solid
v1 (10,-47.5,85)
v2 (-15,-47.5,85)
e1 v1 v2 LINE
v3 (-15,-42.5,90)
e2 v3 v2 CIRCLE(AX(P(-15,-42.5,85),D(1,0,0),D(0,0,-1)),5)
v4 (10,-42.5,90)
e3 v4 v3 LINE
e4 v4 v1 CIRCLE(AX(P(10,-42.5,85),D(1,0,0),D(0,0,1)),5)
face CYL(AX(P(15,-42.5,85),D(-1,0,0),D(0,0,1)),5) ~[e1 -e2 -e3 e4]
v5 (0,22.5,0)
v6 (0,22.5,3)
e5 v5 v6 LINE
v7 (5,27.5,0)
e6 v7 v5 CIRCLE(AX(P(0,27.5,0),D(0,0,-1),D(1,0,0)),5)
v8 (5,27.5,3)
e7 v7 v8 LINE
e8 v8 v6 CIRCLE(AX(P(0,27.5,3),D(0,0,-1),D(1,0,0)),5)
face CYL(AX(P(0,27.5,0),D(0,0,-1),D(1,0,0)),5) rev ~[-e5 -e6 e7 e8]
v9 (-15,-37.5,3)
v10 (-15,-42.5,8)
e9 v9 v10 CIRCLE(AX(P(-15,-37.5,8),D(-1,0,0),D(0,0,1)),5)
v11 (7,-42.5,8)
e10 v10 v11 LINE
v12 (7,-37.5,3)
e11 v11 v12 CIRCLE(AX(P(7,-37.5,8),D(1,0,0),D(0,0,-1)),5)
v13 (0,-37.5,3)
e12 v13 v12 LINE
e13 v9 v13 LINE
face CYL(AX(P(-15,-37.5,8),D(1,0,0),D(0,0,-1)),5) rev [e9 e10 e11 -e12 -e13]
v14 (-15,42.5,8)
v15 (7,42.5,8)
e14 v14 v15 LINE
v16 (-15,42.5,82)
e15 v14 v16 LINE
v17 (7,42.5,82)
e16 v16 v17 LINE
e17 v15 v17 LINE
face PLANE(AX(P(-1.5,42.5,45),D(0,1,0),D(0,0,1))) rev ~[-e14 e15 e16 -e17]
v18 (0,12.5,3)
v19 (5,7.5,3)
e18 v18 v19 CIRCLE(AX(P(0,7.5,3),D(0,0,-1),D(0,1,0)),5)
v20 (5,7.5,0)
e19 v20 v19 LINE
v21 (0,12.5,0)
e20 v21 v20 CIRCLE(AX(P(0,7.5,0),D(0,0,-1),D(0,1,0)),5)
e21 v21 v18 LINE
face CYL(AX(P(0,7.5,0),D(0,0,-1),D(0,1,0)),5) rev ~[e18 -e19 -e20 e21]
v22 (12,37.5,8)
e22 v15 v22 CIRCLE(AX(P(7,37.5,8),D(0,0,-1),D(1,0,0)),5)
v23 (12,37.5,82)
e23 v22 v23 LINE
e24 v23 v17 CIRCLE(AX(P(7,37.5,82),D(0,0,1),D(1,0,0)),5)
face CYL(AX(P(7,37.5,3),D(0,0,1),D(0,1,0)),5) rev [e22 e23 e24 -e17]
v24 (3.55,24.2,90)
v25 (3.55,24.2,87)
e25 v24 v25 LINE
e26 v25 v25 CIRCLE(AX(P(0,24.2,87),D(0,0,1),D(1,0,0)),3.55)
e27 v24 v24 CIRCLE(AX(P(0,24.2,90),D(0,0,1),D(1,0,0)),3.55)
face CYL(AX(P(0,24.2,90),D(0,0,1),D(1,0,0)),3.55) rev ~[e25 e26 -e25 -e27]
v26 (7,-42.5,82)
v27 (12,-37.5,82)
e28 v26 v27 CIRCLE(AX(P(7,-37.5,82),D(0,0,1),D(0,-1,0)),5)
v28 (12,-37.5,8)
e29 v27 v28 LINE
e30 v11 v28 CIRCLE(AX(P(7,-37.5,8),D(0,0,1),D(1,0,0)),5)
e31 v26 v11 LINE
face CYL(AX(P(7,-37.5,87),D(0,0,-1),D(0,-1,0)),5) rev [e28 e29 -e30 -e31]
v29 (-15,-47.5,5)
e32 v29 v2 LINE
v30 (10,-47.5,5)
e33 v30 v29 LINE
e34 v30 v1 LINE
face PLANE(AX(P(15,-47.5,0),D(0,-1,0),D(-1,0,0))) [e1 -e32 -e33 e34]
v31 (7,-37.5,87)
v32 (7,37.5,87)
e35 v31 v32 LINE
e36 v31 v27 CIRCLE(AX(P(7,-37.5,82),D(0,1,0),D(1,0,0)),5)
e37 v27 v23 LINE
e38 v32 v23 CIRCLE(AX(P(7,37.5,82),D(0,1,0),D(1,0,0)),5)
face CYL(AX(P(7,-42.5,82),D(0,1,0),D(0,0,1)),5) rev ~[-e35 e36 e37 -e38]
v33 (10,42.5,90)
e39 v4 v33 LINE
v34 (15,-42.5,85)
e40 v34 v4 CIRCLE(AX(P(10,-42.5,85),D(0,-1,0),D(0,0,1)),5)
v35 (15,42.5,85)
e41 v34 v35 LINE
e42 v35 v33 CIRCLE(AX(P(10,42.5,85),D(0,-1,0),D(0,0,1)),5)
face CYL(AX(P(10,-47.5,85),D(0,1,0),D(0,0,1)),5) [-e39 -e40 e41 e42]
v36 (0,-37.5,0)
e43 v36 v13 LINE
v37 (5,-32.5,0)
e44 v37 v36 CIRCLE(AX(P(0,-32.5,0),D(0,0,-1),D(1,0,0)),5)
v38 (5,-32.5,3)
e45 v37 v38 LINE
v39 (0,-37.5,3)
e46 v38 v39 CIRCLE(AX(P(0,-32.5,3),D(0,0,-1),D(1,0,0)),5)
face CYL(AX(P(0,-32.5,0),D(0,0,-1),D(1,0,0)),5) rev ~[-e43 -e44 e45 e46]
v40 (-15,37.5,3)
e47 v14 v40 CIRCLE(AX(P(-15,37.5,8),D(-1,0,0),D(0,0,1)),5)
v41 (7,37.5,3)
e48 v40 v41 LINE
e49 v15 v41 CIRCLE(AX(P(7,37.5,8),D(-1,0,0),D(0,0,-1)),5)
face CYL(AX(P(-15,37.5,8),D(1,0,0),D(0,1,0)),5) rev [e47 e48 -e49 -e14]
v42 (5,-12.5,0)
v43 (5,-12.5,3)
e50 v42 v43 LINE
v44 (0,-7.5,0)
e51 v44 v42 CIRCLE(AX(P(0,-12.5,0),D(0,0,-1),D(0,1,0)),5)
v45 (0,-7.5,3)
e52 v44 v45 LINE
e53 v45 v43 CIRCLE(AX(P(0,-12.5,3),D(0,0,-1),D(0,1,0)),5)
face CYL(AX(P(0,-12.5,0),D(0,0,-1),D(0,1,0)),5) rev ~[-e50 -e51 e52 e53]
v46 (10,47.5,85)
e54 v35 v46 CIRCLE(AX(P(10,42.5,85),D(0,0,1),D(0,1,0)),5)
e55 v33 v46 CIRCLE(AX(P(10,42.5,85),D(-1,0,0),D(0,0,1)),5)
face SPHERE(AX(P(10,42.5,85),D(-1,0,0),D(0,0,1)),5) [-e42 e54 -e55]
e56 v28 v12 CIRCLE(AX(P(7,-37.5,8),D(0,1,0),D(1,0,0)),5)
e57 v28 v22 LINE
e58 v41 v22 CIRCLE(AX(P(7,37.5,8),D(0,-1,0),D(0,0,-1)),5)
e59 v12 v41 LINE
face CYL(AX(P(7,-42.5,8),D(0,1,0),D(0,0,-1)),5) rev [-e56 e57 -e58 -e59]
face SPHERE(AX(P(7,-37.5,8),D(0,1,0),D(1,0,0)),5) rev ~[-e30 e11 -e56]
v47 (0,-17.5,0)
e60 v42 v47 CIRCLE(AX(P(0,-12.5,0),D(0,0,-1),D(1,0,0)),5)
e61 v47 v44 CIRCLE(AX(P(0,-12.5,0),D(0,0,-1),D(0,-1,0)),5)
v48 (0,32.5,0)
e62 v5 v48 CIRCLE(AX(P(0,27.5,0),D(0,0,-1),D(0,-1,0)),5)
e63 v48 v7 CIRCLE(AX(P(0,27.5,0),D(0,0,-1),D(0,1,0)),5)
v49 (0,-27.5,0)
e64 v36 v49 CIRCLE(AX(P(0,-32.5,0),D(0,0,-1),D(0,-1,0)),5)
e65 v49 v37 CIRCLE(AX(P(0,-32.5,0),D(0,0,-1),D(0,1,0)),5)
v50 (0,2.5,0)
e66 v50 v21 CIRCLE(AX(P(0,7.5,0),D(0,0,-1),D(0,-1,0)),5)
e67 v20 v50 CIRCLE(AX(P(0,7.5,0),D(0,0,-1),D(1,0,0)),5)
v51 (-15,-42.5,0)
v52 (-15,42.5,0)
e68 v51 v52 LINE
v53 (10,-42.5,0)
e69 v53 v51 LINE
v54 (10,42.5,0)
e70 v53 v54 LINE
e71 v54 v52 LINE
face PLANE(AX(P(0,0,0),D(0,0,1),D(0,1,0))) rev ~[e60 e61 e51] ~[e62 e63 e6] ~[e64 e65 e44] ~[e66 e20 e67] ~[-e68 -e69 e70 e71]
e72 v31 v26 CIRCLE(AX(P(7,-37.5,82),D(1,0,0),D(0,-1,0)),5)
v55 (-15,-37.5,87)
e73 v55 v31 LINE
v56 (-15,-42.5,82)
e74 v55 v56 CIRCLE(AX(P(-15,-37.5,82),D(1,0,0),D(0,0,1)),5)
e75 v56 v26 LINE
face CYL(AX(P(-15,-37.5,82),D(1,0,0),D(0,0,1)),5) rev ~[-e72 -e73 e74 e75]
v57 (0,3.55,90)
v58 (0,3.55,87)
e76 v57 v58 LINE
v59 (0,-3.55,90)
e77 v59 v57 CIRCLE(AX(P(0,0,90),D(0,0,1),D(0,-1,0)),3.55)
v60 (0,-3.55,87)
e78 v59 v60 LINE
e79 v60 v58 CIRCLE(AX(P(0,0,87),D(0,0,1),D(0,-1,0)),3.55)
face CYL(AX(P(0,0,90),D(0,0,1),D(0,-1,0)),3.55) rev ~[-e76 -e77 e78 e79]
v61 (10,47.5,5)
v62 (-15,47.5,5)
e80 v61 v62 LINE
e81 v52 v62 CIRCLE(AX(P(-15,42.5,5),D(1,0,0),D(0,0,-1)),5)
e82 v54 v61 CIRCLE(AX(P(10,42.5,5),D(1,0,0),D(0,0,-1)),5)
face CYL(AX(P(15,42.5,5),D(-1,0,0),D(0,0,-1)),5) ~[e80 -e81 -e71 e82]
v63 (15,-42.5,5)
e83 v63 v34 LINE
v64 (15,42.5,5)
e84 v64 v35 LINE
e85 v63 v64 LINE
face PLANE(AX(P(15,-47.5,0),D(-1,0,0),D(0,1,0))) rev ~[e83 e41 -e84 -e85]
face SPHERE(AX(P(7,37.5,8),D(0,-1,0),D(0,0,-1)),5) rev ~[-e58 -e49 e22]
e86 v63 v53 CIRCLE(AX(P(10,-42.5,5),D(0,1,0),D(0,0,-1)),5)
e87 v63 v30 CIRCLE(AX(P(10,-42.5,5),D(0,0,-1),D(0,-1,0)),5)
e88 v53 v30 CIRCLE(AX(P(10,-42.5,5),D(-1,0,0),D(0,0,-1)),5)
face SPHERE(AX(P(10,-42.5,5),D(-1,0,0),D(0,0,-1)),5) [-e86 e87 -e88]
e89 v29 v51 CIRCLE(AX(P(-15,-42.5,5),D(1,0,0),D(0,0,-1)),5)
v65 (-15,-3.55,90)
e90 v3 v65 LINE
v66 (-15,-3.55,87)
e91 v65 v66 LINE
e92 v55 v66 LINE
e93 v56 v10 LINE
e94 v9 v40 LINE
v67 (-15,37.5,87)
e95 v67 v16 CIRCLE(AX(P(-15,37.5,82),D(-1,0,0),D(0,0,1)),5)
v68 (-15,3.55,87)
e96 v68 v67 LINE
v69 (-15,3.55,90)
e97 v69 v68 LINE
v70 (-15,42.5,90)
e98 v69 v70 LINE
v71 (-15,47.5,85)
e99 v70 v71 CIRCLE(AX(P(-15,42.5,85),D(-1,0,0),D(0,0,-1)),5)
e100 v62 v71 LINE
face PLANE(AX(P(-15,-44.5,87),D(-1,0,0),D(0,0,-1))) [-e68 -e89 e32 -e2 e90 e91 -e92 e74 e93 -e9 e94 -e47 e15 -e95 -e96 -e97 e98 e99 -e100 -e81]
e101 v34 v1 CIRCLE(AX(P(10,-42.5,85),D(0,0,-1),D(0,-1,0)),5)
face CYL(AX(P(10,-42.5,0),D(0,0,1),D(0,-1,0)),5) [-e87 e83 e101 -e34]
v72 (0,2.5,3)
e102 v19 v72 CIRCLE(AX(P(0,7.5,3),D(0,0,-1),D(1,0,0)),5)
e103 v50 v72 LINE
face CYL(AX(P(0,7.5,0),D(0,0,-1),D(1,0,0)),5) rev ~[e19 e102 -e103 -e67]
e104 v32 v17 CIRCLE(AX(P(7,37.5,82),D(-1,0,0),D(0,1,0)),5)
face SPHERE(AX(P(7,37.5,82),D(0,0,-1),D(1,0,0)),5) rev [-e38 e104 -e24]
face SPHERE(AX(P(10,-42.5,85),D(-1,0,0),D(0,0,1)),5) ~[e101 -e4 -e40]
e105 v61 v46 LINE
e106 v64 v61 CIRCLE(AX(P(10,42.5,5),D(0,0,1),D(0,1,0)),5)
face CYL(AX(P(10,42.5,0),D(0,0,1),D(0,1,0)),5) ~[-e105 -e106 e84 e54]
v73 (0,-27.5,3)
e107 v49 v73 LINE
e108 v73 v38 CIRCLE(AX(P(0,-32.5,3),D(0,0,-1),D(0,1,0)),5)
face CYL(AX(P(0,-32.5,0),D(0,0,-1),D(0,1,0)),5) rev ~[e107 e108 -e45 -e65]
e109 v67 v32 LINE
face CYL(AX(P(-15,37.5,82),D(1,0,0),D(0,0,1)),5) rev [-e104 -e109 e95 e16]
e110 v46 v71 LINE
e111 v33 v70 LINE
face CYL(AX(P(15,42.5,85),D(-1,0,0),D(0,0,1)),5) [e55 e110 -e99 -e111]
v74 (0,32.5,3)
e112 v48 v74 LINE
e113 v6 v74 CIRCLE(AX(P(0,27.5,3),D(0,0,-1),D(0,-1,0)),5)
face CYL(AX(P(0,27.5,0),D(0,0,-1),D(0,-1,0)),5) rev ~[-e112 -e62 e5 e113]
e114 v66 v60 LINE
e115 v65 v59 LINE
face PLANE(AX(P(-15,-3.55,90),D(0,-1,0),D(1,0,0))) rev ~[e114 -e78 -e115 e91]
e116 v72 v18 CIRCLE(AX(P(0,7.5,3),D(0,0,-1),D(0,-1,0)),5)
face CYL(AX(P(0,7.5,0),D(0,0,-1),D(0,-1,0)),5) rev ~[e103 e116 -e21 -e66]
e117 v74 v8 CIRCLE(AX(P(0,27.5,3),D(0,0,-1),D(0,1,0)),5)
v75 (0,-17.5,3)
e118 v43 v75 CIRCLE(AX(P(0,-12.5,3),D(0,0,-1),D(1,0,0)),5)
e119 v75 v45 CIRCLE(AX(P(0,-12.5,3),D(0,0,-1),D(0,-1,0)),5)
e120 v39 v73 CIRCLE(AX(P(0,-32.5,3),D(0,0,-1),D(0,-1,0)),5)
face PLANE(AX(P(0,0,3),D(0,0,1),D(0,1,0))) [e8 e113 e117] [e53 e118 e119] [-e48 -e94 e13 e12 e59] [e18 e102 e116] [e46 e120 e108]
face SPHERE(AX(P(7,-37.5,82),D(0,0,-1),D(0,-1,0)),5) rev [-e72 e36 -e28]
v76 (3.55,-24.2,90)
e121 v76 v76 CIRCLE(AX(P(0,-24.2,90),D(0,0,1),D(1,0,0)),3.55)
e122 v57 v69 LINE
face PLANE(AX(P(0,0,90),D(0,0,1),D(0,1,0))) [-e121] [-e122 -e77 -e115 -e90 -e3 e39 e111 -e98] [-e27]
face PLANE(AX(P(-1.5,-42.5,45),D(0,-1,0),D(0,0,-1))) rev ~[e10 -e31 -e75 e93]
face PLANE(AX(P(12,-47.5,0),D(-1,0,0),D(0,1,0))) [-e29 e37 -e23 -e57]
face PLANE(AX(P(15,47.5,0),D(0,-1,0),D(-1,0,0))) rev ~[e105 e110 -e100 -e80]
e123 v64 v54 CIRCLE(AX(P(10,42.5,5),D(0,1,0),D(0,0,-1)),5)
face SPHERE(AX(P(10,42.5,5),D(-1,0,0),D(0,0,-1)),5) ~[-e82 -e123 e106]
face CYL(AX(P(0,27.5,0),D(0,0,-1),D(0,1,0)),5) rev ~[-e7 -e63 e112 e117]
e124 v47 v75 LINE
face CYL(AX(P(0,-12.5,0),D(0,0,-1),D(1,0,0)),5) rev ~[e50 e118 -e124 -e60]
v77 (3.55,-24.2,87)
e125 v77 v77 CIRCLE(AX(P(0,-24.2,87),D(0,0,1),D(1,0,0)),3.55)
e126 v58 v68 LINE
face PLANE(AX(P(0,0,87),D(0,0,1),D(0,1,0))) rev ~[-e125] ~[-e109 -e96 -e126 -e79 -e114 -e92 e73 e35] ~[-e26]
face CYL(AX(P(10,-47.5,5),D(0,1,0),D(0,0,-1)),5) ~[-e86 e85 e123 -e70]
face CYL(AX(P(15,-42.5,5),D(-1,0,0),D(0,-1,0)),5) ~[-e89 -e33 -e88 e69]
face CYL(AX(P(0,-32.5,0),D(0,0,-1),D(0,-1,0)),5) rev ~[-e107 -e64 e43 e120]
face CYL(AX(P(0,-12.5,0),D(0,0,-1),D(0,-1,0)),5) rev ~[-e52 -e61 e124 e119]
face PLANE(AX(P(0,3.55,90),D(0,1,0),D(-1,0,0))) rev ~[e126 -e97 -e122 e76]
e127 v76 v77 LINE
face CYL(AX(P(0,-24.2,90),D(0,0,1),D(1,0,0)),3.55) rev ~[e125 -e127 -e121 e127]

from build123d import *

# Parameters (mm, degrees)
SKETCH1_W                                   = 95
SKETCH1_H                                   = 30
BOSS_EXTRUDE1_DEPTH                         = 90
F_2_MM_TOP_BOT_3_MM_SIDE_T                  = -3
F_2_MM_TOP_BOT_3_MM_SIDE_THICKNESS_2_FACE_W = 84
F_2_MM_TOP_BOT_3_MM_SIDE_THICKNESS_2_FACE_H = 27
F_2_MM_TOP_BOT_3_MM_SIDE_THICKNESS_2_DEPTH  = 2
F_2_MM_TOP_BOT_3_MM_SIDE_THICKNESS_3_FACE_W = 84
F_2_MM_TOP_BOT_3_MM_SIDE_THICKNESS_3_FACE_H = 27
F_2_MM_TOP_BOT_3_MM_SIDE_THICKNESS_3_DEPTH  = 2
SKETCH4_R                                   = 3.55
F_7_1_MM_FIXTURE_HOLES_DEPTH                = 10
F_5_MM_RADIUS_R                             = 5
CUT_EXTRUDE1_DEPTH                          = 10


with BuildPart() as part:
    # Sketch1 → Boss-Extrude1 (new body)
    with BuildSketch(Plane(origin=(0, 0, 0), x_dir=(0, 1, 0), z_dir=(0, 0, 1))):
        Rectangle(SKETCH1_W, SKETCH1_H)
    extrude(amount=BOSS_EXTRUDE1_DEPTH)

    # 2 mm top/bot 3 mm side
    f_2_mm_top_bot_3_mm_side_openings = [part.faces().sort_by_distance(p)[0] for p in [
        (-15, 0, 45),
    ]]
    offset(amount=F_2_MM_TOP_BOT_3_MM_SIDE_T, openings=f_2_mm_top_bot_3_mm_side_openings, kind=Kind.INTERSECTION)

    # 2 mm top/bot 3 mm side thickness 2 face (on inner face of the shell) → 2 mm top/bot 3 mm side thickness 2 (add)
    with BuildSketch(Plane(origin=(-1.5, 44.5, 45), x_dir=(0, 0, 1), z_dir=(0, 1, 0))):
        Rectangle(F_2_MM_TOP_BOT_3_MM_SIDE_THICKNESS_2_FACE_W, F_2_MM_TOP_BOT_3_MM_SIDE_THICKNESS_2_FACE_H)
    extrude(amount=-F_2_MM_TOP_BOT_3_MM_SIDE_THICKNESS_2_DEPTH)

    # 2 mm top/bot 3 mm side thickness 3 face (on inner face of the shell) → 2 mm top/bot 3 mm side thickness 3 (add)
    with BuildSketch(Plane(origin=(-1.5, -44.5, 45), x_dir=(0, 0, -1), z_dir=(0, -1, 0))):
        Rectangle(F_2_MM_TOP_BOT_3_MM_SIDE_THICKNESS_3_FACE_W, F_2_MM_TOP_BOT_3_MM_SIDE_THICKNESS_3_FACE_H)
    extrude(amount=-F_2_MM_TOP_BOT_3_MM_SIDE_THICKNESS_3_DEPTH)

    # Sketch4 → 7.1 mm fixture holes (cut)
    with BuildSketch(Plane.XY.offset(90)):
        with Locations((0, 24.2)):
            Circle(SKETCH4_R)
        Circle(SKETCH4_R)
        with Locations((0, -24.2)):
            Circle(SKETCH4_R)
        with BuildLine():
            ThreePointArc((0, -3.55), (-3.55, 0), (0, 3.55))
            Line((0, 3.55), (-15, 3.55))
            Line((-15, 3.55), (-15, -3.55))
            Line((-15, -3.55), (0, -3.55))
        make_face()
    extrude(amount=-F_7_1_MM_FIXTURE_HOLES_DEPTH, mode=Mode.SUBTRACT)

    # 5 mm radius
    f_5_mm_radius_edges = [part.edges().sort_by_distance(p)[0] for p in [
        (0, 47.5, 90),
        (12, 0, 3),
        (12, -42.5, 45),
        (-1.5, 42.5, 3),
        (12, 42.5, 45),
        (-1.5, -42.5, 87),
        (12, 0, 87),
        (-1.5, 42.5, 87),
        (-1.5, -42.5, 3),
        (0, -47.5, 90),
        (15, 0, 90),
        (0, -47.5, 0),
        (0, 47.5, 0),
        (15, 0, 0),
        (15, -47.5, 45),
        (15, 47.5, 45),
    ]]
    fillet(f_5_mm_radius_edges, radius=F_5_MM_RADIUS_R)

    # Sketch3 → Cut-Extrude1 (cut)
    with BuildSketch(Plane(origin=(0, 0, 0), x_dir=(1, 0, 0), z_dir=(0, 0, -1))):
        with BuildLine():
            ThreePointArc((5, 32.5), (3.535533906, 36.035533906), (0, 37.5))
            Line((0, 37.5), (0, 27.5))
            ThreePointArc((0, 27.5), (3.535533906, 28.964466094), (5, 32.5))
        make_face()
        with BuildLine():
            Line((0, 27.5), (0, 37.5))
            ThreePointArc((0, 37.5), (-5, 32.5), (0, 27.5))
        make_face()
        with BuildLine():
            ThreePointArc((5, 12.5), (3.535533906, 16.035533906), (0, 17.5))
            Line((0, 17.5), (0, 7.5))
            ThreePointArc((0, 7.5), (3.535533906, 8.964466094), (5, 12.5))
        make_face()
        with BuildLine():
            Line((0, 7.5), (0, 17.5))
            ThreePointArc((0, 17.5), (-5, 12.5), (0, 7.5))
        make_face()
        with BuildLine():
            ThreePointArc((5, -7.5), (3.535533906, -3.964466094), (0, -2.5))
            Line((0, -2.5), (0, -12.5))
            ThreePointArc((0, -12.5), (3.535533906, -11.035533906), (5, -7.5))
        make_face()
        with BuildLine():
            Line((0, -12.5), (0, -2.5))
            ThreePointArc((0, -2.5), (-5, -7.5), (0, -12.5))
        make_face()
        with BuildLine():
            ThreePointArc((5, -27.5), (3.535533906, -23.964466094), (0, -22.5))
            Line((0, -22.5), (0, -27.5))
            Line((0, -27.5), (0, -32.5))
            ThreePointArc((0, -32.5), (3.535533906, -31.035533906), (5, -27.5))
        make_face()
        with BuildLine():
            Line((0, -27.5), (0, -22.5))
            ThreePointArc((0, -22.5), (-5, -27.5), (0, -32.5))
            Line((0, -32.5), (0, -27.5))
        make_face()
    extrude(amount=-CUT_EXTRUDE1_DEPTH, mode=Mode.SUBTRACT)


solid = part.part
